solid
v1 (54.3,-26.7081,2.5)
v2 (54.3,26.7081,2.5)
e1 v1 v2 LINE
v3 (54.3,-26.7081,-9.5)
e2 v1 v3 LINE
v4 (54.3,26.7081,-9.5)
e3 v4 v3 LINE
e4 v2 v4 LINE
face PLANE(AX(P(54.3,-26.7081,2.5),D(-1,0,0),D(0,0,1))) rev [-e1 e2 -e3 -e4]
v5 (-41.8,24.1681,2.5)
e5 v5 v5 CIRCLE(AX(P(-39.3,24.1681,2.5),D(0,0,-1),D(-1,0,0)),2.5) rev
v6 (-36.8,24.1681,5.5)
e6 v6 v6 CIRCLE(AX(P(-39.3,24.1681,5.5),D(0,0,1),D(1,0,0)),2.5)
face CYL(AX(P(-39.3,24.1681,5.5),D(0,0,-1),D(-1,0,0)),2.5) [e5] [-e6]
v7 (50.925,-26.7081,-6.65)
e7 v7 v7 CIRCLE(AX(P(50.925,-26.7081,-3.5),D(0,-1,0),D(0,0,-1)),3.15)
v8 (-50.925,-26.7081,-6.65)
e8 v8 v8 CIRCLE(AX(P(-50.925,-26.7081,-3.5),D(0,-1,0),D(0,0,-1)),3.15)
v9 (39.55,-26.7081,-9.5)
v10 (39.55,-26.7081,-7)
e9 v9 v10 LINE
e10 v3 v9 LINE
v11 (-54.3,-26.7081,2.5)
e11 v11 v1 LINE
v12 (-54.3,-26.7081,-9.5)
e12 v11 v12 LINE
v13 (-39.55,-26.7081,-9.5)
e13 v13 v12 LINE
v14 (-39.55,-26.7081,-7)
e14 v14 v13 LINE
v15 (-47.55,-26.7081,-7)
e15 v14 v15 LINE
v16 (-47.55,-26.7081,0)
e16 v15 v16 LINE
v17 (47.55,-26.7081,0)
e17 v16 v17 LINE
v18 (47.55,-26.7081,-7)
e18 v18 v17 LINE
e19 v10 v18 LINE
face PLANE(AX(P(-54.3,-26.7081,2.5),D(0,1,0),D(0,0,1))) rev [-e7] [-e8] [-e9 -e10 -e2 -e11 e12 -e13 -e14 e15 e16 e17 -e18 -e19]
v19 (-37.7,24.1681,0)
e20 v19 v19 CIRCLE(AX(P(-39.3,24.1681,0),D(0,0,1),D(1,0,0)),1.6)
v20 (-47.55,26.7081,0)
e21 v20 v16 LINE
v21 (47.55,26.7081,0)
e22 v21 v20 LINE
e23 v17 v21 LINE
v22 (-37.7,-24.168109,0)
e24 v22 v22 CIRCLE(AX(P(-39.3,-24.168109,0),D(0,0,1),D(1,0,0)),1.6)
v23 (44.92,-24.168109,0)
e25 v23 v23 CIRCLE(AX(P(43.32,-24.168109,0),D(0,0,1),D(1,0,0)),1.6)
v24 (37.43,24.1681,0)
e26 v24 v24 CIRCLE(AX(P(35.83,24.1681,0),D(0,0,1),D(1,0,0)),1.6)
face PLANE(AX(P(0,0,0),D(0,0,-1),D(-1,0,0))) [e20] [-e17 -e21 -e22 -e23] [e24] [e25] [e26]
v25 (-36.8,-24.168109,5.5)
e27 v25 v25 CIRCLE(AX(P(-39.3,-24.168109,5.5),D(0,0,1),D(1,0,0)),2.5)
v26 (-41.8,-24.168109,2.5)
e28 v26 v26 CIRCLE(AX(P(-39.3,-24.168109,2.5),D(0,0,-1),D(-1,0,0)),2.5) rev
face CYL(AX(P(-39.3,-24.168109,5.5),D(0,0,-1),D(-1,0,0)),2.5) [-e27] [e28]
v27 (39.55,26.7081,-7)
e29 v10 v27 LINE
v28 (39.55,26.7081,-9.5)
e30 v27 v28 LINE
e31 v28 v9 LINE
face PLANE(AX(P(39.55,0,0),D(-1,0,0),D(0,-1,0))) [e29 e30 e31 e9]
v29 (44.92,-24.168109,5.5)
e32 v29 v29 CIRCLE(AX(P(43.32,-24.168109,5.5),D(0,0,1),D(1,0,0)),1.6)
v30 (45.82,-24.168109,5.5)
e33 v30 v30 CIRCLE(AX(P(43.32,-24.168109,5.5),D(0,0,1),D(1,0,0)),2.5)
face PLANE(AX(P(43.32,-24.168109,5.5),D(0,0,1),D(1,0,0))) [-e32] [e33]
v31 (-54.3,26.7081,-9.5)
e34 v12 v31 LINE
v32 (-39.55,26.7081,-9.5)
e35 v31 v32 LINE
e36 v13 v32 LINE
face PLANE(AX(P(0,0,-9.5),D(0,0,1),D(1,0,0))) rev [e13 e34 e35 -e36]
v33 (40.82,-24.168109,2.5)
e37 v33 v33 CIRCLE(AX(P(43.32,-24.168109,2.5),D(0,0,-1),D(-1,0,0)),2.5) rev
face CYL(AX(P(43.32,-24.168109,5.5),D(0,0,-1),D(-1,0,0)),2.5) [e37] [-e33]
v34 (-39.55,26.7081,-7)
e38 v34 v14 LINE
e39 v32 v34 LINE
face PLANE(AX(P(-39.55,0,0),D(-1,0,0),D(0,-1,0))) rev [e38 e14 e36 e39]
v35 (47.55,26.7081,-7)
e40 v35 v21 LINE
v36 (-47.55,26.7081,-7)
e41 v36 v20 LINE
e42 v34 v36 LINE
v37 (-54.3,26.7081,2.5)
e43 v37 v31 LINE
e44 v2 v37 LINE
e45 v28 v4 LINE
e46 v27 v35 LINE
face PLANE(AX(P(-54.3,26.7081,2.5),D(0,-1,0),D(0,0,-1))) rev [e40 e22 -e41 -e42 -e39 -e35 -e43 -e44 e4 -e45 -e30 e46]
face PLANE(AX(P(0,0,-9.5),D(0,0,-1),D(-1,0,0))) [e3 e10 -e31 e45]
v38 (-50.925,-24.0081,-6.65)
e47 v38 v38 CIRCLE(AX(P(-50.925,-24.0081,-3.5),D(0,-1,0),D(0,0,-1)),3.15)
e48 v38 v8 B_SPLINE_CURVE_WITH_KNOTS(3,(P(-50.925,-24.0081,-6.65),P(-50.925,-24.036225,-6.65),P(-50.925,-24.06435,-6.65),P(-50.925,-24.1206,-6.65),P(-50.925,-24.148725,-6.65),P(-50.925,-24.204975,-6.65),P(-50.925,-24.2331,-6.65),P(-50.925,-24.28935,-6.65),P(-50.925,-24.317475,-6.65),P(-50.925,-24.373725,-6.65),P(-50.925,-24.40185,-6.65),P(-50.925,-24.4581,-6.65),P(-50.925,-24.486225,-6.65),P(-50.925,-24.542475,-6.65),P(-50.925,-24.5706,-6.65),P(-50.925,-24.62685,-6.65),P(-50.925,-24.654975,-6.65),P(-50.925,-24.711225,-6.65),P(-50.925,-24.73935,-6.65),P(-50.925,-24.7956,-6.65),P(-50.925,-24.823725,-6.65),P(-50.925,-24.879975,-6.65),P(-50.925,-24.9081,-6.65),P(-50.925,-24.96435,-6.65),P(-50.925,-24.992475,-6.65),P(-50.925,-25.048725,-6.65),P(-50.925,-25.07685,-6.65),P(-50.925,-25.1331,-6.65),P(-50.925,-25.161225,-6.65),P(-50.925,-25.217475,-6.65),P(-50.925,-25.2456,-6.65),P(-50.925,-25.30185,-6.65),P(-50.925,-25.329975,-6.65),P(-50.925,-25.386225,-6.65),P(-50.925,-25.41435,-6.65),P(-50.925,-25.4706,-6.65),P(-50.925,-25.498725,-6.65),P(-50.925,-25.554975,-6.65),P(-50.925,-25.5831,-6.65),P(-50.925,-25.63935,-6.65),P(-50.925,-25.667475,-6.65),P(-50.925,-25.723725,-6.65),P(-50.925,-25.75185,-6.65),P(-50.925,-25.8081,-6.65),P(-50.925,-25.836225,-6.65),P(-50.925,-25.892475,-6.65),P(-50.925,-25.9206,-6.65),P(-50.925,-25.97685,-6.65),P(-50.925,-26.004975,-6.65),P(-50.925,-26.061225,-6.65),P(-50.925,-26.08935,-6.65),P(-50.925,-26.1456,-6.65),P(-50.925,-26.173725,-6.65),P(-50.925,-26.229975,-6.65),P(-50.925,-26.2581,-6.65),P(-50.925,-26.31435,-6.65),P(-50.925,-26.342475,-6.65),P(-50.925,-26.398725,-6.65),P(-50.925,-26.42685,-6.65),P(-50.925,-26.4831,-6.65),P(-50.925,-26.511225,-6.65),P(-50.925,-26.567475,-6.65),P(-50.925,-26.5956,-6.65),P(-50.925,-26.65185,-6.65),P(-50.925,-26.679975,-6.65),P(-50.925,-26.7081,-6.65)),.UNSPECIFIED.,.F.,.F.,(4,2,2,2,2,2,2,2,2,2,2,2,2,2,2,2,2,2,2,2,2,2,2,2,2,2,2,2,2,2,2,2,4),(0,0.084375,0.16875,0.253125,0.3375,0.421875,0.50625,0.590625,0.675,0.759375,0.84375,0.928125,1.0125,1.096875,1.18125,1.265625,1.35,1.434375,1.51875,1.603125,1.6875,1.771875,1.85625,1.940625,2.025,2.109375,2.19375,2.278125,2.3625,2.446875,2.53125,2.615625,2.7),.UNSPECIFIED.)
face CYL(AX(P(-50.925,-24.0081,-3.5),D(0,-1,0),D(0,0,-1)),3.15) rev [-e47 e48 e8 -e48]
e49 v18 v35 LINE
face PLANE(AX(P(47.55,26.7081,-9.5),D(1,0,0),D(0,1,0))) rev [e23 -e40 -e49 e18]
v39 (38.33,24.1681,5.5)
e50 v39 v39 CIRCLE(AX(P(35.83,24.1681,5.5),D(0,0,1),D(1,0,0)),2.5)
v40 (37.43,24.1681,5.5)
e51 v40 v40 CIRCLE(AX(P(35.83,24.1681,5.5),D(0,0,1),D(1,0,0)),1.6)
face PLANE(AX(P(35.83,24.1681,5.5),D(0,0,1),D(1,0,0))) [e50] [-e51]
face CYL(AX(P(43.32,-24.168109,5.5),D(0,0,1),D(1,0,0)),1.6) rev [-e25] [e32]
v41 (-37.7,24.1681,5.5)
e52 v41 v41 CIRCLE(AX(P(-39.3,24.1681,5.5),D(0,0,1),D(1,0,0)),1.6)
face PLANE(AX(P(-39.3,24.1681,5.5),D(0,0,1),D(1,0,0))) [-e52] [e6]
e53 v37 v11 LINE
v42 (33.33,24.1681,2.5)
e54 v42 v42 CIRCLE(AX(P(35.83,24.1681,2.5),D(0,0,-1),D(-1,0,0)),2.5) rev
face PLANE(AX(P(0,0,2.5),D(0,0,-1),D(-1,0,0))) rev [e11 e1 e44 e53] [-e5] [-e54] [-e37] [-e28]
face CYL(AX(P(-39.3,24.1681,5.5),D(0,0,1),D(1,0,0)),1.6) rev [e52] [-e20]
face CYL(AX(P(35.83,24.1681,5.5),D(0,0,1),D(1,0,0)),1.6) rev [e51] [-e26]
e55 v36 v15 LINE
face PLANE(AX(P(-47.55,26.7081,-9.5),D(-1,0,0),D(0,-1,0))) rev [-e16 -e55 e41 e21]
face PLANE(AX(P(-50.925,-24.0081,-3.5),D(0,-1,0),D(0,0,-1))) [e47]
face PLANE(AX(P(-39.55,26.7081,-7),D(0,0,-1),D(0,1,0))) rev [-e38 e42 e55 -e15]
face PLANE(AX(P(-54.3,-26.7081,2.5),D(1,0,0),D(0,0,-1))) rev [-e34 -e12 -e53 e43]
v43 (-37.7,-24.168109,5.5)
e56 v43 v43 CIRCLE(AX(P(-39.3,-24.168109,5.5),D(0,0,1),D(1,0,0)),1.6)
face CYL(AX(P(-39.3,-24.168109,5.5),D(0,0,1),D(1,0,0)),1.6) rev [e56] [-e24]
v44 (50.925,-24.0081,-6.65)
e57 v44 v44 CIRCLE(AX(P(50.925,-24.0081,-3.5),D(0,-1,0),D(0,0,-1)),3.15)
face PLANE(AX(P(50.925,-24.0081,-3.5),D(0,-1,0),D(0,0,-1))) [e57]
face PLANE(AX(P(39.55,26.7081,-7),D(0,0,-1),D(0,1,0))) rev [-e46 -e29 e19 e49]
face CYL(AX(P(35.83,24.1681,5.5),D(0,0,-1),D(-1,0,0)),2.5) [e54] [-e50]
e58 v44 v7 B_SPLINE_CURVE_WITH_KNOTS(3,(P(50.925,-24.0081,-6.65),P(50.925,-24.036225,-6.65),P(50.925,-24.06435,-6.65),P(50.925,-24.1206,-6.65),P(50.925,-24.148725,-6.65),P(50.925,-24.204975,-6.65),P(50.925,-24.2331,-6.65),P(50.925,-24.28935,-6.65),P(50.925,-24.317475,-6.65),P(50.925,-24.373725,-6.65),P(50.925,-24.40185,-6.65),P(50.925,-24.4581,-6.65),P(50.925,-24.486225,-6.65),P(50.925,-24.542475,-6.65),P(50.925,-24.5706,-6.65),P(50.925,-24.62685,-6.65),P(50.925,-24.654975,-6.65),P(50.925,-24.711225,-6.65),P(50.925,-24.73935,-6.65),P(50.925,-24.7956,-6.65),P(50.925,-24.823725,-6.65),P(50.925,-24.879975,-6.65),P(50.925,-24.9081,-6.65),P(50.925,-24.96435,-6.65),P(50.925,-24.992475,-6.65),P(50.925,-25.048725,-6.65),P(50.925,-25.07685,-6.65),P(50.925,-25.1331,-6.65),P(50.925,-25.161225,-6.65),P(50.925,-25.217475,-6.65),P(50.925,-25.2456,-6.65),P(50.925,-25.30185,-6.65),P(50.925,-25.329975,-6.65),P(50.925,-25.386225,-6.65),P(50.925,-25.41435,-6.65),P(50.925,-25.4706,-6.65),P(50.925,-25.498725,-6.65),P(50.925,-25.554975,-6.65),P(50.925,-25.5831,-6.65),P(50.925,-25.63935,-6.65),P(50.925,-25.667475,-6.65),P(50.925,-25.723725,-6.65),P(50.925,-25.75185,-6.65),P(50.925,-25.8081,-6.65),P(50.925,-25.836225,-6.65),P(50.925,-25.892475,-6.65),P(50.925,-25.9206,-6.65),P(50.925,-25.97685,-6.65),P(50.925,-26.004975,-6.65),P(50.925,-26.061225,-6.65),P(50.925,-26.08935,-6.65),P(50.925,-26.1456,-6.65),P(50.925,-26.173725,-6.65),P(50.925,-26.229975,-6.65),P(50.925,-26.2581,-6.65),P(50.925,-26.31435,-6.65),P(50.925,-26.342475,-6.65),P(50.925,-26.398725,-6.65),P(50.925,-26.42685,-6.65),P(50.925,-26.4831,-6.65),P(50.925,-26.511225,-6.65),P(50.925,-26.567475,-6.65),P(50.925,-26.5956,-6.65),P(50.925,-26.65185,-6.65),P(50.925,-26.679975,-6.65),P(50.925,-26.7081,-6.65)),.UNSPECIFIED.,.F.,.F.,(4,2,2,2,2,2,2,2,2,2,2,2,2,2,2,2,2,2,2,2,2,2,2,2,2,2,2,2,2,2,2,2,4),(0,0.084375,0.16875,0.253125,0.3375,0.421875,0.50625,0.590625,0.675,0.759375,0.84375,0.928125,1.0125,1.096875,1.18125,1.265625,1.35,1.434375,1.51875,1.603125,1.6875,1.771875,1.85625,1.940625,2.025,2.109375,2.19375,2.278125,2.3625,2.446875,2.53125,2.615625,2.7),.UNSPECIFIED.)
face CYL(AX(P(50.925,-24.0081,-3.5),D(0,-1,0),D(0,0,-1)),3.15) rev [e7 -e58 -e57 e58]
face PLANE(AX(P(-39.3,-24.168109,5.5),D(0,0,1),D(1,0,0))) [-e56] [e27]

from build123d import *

# Parameters (mm, degrees)
SKETCH1_W            = 108.6
SKETCH1_H            = 53.4162
BOSS_EXTRUDE1_DEPTH  = 2.5
SKETCH2_R            = 2.5
BOSS_EXTRUDE2_DEPTH  = 3
M3_CLEARANCE_HOLE1_D = 3.2
SKETCH5_W            = 6.75
SKETCH5_H            = 53.4162
BOSS_EXTRUDE3_DEPTH  = 9.5
SKETCH6_W            = 2.5
SKETCH6_H            = 53.4162
BOSS_EXTRUDE4_DEPTH  = 8
SKETCH7_W            = 2.5
SKETCH7_H            = 53.4162
BOSS_EXTRUDE5_DEPTH  = 8
SKETCH8_R            = 3.15
CUT_EXTRUDE1_DEPTH   = 2.7


with BuildPart() as part:
    # Sketch1 → Boss-Extrude1 (new body)
    with BuildSketch(Plane.XY):
        Rectangle(SKETCH1_W, SKETCH1_H)
    extrude(amount=BOSS_EXTRUDE1_DEPTH)

    # Sketch2 → Boss-Extrude2 (add)
    with BuildSketch(Plane.XY.offset(2.5)):
        with Locations(Location((-39.3, 24.1681, 0), (0, 0, 180))):
            Circle(SKETCH2_R)
        with Locations(Location((35.83, 24.1681, 0), (0, 0, 180))):
            Circle(SKETCH2_R)
        with Locations(Location((43.32, -24.16810902, 0), (0, 0, 180))):
            Circle(SKETCH2_R)
        with Locations(Location((-39.3, -24.16810902, 0), (0, 0, 180))):
            Circle(SKETCH2_R)
    extrude(amount=BOSS_EXTRUDE2_DEPTH)

    # M3 Clearance Hole1 (through all)
    with Locations(Plane.XY.offset(5.5)):
        with Locations((-39.3, 24.1681), (35.83, 24.1681), (43.32, -24.16810902), (-39.3, -24.16810902)):
            Hole(M3_CLEARANCE_HOLE1_D / 2)

    # Sketch5 → Boss-Extrude3 (add)
    with BuildSketch(Plane(origin=(0, 0, 0), x_dir=(-1, 0, 0), z_dir=(0, 0, -1))):
        with Locations((-50.925, 0)):
            Rectangle(SKETCH5_W, SKETCH5_H)
        with Locations((50.925, 0)):
            Rectangle(SKETCH5_W, SKETCH5_H)
    extrude(amount=BOSS_EXTRUDE3_DEPTH)

    # Sketch6 → Boss-Extrude4 (add)
    with BuildSketch(Plane.ZY.offset(-47.55)):
        with Locations((-8.25, 0)):
            Rectangle(SKETCH6_W, SKETCH6_H)
    extrude(amount=BOSS_EXTRUDE4_DEPTH)

    # Sketch7 → Boss-Extrude5 (add)
    with BuildSketch(Plane(origin=(-47.55, 0, 0), x_dir=(0, 0, -1), z_dir=(1, 0, 0))):
        with Locations((8.25, 0)):
            Rectangle(SKETCH7_W, SKETCH7_H)
    extrude(amount=BOSS_EXTRUDE5_DEPTH)

    # Sketch8 → Cut-Extrude1 (cut)
    with BuildSketch(Plane.XZ.offset(26.7081)):
        with Locations(Location((-50.925, -3.5, 0), (0, 0, 270))):
            Circle(SKETCH8_R)
        with Locations(Location((50.925, -3.5, 0), (0, 0, 270))):
            Circle(SKETCH8_R)
    extrude(amount=-CUT_EXTRUDE1_DEPTH, mode=Mode.SUBTRACT)


solid = part.part
